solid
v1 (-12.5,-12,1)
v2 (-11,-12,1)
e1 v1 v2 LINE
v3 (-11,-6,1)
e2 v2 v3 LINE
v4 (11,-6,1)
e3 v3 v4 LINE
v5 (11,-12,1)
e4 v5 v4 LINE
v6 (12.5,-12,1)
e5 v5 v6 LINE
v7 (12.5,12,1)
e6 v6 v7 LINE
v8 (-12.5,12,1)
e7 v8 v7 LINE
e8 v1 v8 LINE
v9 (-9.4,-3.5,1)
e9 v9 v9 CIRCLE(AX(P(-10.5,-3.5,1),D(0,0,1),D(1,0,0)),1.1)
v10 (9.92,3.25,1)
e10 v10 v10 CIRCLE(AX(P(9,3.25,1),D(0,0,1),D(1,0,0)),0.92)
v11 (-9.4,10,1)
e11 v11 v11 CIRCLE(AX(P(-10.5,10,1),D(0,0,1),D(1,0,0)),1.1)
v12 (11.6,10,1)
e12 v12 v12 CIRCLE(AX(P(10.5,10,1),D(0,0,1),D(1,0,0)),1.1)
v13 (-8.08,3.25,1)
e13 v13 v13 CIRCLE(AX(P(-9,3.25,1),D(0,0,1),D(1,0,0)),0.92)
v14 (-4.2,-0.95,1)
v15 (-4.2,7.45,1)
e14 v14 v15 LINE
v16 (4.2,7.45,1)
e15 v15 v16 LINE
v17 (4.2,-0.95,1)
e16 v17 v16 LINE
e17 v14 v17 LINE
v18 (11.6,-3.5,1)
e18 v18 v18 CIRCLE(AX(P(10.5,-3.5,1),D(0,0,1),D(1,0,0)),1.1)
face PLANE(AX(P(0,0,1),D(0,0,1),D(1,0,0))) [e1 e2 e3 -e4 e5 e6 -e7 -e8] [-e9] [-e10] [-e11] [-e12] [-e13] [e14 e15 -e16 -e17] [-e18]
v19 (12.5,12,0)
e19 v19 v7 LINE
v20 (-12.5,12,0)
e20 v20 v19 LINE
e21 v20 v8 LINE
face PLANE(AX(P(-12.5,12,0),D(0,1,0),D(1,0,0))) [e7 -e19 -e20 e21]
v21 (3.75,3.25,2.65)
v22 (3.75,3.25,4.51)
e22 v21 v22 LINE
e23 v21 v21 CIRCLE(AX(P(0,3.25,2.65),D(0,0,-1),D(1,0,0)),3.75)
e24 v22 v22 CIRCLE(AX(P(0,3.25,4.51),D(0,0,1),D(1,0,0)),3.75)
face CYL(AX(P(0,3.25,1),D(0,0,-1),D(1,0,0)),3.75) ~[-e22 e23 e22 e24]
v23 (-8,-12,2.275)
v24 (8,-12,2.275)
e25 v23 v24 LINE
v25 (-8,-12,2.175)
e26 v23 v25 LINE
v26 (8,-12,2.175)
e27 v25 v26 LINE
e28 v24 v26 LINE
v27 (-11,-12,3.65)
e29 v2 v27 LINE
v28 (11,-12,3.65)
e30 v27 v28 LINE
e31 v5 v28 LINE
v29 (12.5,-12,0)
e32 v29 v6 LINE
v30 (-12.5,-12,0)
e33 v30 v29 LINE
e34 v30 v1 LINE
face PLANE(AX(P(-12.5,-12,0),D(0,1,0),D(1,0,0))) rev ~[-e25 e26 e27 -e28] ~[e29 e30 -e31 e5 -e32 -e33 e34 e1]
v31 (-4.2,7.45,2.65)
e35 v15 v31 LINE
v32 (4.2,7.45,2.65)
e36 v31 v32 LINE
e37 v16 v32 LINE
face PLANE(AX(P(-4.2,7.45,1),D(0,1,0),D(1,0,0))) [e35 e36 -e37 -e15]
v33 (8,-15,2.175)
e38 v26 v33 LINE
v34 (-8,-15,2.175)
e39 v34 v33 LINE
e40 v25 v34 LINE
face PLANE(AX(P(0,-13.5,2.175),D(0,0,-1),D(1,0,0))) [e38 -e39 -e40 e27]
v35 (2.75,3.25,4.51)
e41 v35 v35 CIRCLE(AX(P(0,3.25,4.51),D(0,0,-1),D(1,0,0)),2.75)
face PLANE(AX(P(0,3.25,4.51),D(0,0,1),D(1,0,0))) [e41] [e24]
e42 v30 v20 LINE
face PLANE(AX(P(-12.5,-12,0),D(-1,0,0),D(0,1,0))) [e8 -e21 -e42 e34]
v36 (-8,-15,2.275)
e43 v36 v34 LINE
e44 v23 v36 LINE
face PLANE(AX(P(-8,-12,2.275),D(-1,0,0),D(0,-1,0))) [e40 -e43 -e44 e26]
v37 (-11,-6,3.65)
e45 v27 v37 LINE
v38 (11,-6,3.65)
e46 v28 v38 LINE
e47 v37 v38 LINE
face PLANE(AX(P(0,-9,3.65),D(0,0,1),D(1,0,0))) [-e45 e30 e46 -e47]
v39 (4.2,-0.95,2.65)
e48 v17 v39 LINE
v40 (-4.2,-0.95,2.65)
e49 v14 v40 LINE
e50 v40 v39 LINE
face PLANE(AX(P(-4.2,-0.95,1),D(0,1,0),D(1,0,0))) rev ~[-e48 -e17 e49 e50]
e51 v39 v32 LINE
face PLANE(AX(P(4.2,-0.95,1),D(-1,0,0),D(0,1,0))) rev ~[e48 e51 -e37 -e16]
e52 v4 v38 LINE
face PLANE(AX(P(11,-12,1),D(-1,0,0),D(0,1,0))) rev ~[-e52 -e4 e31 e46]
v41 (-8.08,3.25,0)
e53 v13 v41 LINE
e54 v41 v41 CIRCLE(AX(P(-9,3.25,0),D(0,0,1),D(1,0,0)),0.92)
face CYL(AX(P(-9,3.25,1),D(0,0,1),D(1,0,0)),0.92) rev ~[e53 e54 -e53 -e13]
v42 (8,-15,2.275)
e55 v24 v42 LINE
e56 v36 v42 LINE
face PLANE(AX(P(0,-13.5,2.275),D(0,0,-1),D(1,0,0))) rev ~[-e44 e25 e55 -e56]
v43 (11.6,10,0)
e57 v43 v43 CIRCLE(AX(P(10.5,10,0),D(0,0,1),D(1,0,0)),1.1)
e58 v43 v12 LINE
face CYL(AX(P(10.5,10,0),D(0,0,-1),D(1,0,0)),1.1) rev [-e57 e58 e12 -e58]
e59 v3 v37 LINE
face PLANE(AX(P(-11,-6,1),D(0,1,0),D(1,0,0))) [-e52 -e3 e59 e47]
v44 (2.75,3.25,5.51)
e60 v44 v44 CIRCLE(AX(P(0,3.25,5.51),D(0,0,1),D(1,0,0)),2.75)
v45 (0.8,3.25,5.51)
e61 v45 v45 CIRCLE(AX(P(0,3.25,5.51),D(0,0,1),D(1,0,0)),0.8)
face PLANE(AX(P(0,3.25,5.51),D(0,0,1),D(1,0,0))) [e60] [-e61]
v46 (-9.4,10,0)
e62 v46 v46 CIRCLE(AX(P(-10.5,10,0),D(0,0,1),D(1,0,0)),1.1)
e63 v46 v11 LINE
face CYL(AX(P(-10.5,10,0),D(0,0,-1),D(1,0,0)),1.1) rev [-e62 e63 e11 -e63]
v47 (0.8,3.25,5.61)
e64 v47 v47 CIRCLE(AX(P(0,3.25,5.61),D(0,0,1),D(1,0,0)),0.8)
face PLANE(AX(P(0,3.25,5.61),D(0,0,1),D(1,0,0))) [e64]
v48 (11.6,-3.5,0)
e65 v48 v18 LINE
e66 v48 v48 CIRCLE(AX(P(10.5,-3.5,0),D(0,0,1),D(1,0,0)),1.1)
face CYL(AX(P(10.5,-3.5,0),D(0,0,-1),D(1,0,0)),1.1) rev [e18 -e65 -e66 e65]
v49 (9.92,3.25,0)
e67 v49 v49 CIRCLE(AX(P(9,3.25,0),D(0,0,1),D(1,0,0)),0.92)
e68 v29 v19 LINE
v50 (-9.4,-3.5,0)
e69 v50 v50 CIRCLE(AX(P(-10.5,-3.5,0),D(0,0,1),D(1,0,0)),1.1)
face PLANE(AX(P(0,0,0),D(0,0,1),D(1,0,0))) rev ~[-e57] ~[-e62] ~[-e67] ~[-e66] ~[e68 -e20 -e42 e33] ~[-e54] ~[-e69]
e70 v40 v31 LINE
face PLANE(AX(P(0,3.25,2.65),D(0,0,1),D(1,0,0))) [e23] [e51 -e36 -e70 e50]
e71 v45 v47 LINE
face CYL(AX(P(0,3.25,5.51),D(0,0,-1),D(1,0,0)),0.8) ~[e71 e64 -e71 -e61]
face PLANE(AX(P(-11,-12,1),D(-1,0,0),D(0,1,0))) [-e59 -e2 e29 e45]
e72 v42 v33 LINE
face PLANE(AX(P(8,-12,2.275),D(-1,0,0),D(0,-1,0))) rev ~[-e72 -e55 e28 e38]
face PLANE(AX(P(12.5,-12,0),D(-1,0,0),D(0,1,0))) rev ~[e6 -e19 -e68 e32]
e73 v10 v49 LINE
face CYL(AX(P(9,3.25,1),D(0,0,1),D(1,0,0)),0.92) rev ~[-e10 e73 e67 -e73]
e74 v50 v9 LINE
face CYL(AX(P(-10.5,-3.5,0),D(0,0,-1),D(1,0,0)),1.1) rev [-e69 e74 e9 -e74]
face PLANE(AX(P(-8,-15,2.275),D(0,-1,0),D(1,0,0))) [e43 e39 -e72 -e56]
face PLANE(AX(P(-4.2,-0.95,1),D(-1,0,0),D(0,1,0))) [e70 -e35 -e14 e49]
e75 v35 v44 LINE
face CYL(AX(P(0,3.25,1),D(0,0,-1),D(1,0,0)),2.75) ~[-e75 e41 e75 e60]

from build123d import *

# Parameters (mm, degrees)
F0_W      = 25
F0_H      = 24
F0_R      = 1.1
F1_DEPTH  = 1
F2_R      = 0.92
F3_DEPTH  = 1
F2_W      = 8.4
F2_H      = 8.4
F2_R_2    = 3.75
F2_R_3    = 2.75
F4_DEPTH  = 1.65
F5_DEPTH  = 3.51
F6_DEPTH  = 4.51
F7_R      = 0.8
F8_DEPTH  = 0.1
F9_W      = 22
F9_H      = 6
F10_DEPTH = 2.65
F12_W     = 16
F12_H     = 3
F13_DEPTH = 0.1


with BuildPart() as f1:
    # F0 (on Top) → F1 (new body)
    with BuildSketch(Plane.XY):
        Rectangle(F0_W, F0_H)
        with Locations((-10.5, -3.5)):
            Circle(F0_R, mode=Mode.SUBTRACT)
        with Locations((10.5, -3.5)):
            Circle(F0_R, mode=Mode.SUBTRACT)
        with Locations((-10.5, 10)):
            Circle(F0_R, mode=Mode.SUBTRACT)
        with Locations((10.5, 10)):
            Circle(F0_R, mode=Mode.SUBTRACT)
    extrude(amount=F1_DEPTH)

    # F2 (on face) → F3 (cut, through all)
    with BuildSketch(Plane.XY.offset(1)):
        with Locations((-9, 3.25)):
            Circle(F2_R)
        with Locations((9, 3.25)):
            Circle(F2_R)
    extrude(amount=-F3_DEPTH, mode=Mode.SUBTRACT)

    # F2 (on face) → F4 (join)
    with BuildSketch(Plane.XY.offset(1)):
        with Locations((0, 3.25)):
            Rectangle(F2_W, F2_H)
        with Locations((0, 3.25)):
            Circle(F2_R_2, mode=Mode.SUBTRACT)
        with Locations((0, 3.25)):
            Circle(F2_R_2)
        with Locations((0, 3.25)):
            Circle(F2_R_3, mode=Mode.SUBTRACT)
        with Locations((0, 3.25)):
            Circle(F2_R_3)
    extrude(amount=F4_DEPTH)

    # F2 (on face) → F5 (join)
    with BuildSketch(Plane.XY.offset(1)):
        with Locations((0, 3.25)):
            Circle(F2_R_2)
        with Locations((0, 3.25)):
            Circle(F2_R_3, mode=Mode.SUBTRACT)
        with Locations((0, 3.25)):
            Circle(F2_R_3)
    extrude(amount=F5_DEPTH)

    # F2 (on face) → F6 (join)
    with BuildSketch(Plane.XY.offset(1)):
        with Locations((0, 3.25)):
            Circle(F2_R_3)
    extrude(amount=F6_DEPTH)

    # F7 (on face) → F8 (join)
    with BuildSketch(Plane.XY.offset(5.51)):
        with Locations((0, 3.25)):
            Circle(F7_R)
    extrude(amount=F8_DEPTH)

    # F9 (on face) → F10 (join)
    with BuildSketch(Plane.XY.offset(1)):
        with Locations((0, -9)):
            Rectangle(F9_W, F9_H)
    extrude(amount=F10_DEPTH)

    # F12 (on offset) → F13 (join)
    with BuildSketch(Plane(origin=(0, 0, 2.275), x_dir=(1, 0, 0), z_dir=(0, 0, -1))):
        with Locations((0, 13.5)):
            Rectangle(F12_W, F12_H)
    extrude(amount=F13_DEPTH)


solid = f1.part
